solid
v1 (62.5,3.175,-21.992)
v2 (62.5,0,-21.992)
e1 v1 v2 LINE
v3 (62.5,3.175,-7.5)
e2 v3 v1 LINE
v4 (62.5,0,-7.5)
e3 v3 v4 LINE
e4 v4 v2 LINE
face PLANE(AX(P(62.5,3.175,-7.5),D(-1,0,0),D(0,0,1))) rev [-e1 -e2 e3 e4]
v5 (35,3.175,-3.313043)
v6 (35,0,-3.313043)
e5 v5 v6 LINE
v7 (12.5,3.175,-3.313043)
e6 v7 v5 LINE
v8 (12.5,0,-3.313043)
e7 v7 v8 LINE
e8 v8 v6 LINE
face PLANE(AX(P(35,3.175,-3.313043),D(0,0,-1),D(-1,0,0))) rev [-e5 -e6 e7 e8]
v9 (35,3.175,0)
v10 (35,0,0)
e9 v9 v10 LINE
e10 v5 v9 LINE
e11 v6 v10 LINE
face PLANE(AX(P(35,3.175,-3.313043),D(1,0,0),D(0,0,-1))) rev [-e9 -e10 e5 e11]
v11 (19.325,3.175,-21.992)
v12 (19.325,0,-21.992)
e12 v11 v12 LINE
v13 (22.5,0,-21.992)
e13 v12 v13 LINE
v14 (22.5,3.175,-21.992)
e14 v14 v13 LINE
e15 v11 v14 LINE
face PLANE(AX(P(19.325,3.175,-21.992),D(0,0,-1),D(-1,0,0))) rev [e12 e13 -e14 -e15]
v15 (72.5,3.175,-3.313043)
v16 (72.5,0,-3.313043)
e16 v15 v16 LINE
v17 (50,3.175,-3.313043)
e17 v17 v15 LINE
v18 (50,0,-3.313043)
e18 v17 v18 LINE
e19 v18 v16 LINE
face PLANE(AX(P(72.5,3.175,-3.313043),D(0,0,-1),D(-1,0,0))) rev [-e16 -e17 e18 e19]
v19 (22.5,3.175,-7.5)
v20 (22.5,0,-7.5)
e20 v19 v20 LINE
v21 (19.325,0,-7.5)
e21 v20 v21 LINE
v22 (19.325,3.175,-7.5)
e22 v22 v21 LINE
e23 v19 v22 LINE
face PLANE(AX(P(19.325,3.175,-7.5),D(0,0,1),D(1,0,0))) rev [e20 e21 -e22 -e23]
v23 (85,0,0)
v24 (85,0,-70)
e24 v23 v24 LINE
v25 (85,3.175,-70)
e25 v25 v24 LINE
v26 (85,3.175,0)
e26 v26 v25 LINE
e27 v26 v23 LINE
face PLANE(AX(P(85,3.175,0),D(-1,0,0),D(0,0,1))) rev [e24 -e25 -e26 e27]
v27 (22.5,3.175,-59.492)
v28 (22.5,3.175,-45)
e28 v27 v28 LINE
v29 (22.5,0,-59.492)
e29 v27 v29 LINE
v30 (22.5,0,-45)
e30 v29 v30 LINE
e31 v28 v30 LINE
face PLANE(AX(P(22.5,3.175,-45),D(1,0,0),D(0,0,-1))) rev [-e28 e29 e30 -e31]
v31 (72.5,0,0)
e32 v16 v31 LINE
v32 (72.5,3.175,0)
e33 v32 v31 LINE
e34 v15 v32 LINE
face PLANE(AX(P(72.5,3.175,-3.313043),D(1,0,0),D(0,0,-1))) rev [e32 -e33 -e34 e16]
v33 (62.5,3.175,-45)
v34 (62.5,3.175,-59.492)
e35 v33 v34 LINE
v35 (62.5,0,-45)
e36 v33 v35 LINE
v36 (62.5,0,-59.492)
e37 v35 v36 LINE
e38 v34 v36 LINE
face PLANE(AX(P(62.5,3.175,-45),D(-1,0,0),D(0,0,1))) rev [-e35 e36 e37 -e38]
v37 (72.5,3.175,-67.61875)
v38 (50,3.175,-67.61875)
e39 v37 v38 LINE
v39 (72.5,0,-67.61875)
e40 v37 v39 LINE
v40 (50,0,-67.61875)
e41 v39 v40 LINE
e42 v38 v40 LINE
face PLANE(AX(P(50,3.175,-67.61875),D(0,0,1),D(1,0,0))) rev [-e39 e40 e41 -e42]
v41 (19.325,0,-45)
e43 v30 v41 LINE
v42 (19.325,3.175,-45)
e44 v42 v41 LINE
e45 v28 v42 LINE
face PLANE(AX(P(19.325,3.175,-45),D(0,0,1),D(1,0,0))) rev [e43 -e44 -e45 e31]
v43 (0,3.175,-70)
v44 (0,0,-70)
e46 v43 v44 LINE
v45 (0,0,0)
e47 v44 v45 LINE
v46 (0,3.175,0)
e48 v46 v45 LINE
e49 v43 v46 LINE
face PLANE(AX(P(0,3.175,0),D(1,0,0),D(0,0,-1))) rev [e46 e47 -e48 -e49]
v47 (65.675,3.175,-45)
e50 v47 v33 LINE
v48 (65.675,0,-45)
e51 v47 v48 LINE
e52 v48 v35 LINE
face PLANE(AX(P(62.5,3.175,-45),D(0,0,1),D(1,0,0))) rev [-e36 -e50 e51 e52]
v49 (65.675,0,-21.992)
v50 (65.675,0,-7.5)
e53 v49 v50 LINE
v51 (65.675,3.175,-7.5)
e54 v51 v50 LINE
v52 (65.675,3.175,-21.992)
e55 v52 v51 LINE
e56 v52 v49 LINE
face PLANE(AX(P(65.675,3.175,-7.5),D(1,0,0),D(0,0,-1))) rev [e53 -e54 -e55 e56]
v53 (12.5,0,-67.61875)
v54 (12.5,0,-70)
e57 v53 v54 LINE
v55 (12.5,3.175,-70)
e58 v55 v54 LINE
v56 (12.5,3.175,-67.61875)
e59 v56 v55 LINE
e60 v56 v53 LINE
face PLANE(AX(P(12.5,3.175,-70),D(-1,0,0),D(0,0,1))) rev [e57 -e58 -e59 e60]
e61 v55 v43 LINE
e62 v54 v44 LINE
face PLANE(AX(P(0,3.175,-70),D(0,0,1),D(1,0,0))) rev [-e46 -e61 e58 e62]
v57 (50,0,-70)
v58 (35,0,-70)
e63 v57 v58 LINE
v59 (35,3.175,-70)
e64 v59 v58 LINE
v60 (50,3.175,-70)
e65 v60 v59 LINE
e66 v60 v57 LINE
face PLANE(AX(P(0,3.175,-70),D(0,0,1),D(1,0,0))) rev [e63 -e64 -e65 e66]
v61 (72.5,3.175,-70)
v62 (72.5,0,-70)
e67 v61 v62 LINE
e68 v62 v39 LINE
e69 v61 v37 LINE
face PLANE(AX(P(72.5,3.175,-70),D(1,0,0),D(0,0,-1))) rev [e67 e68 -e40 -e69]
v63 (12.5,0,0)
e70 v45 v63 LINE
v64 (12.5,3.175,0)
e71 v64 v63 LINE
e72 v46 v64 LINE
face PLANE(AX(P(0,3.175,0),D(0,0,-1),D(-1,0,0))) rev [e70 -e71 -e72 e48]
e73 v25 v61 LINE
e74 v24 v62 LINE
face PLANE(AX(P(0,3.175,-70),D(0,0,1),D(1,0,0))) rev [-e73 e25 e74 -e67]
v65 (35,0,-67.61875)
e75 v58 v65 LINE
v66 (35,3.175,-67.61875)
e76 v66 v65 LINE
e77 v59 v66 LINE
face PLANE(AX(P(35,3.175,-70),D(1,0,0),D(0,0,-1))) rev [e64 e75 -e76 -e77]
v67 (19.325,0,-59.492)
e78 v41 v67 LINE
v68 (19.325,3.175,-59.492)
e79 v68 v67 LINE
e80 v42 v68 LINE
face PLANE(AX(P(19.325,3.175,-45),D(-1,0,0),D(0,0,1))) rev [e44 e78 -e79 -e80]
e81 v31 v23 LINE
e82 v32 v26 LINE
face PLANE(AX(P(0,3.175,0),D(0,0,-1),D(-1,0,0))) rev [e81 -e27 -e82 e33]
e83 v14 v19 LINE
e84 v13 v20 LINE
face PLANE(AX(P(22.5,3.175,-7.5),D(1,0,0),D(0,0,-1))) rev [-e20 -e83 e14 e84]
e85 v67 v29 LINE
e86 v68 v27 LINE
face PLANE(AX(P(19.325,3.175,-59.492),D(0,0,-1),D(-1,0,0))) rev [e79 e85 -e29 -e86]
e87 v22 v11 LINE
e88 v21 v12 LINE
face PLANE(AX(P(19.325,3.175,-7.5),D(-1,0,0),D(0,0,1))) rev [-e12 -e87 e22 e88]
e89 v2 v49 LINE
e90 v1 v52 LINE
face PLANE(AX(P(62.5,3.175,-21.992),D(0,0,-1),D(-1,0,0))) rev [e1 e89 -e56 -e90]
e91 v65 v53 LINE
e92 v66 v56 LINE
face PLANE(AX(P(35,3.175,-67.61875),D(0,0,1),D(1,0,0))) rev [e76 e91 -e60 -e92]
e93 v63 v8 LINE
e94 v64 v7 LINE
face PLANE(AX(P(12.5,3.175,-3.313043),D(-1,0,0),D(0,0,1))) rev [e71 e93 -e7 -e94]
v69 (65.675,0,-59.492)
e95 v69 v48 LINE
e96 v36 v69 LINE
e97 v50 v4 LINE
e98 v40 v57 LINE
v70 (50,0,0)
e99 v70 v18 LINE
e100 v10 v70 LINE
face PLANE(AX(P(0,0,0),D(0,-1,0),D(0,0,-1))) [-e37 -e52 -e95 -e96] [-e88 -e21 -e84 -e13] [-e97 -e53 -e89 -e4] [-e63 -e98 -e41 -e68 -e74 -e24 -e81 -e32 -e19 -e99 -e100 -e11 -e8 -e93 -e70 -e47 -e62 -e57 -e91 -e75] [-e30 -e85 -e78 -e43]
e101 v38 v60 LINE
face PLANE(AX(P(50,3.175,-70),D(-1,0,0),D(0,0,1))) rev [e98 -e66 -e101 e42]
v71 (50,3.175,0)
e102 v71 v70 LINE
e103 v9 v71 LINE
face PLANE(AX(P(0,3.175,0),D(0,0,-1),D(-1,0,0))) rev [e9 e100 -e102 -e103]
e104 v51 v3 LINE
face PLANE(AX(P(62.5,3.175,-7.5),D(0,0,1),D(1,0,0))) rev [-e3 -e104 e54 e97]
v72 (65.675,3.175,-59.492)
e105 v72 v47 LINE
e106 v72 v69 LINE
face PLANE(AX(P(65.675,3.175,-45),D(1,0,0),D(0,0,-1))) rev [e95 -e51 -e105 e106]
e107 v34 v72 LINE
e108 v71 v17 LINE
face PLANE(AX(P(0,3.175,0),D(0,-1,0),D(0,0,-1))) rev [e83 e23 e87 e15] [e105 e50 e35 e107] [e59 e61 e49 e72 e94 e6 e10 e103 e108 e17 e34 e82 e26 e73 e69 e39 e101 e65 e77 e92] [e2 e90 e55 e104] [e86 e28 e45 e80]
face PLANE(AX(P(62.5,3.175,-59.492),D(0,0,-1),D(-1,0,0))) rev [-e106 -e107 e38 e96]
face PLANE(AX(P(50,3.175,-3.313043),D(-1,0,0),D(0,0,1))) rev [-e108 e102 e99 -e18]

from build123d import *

# Parameters (mm, degrees)
SKETCH1_W           = 85
SKETCH1_H           = 70
BOSS_EXTRUDE1_DEPTH = 3.175
SKETCH2_W           = 3.175
SKETCH2_H           = 14.492
SKETCH2_W_2         = 22.5
SKETCH2_H_2         = 2.38125
SKETCH2_H_3         = 3.313043478
CUT_EXTRUDE1_DEPTH  = 4.175


with BuildPart() as part:
    # Sketch1 → Boss-Extrude1 (new body)
    with BuildSketch(Plane(origin=(0, 0, 0), x_dir=(1, 0, 0), z_dir=(0, 1, 0))):
        with Locations((42.5, 35)):
            Rectangle(SKETCH1_W, SKETCH1_H)
    extrude(amount=BOSS_EXTRUDE1_DEPTH)

    # Sketch2 → Cut-Extrude1 (cut, through all)
    with BuildSketch(Plane.XZ):
        with Locations((20.9125, -14.746)):
            Rectangle(SKETCH2_W, SKETCH2_H)
        with Locations((20.9125, -52.246)):
            Rectangle(SKETCH2_W, SKETCH2_H)
        with Locations((64.0875, -14.746)):
            Rectangle(SKETCH2_W, SKETCH2_H)
        with Locations((64.0875, -52.246)):
            Rectangle(SKETCH2_W, SKETCH2_H)
        with Locations((61.25, -68.809375)):
            Rectangle(SKETCH2_W_2, SKETCH2_H_2)
        with Locations((23.75, -68.809375)):
            Rectangle(SKETCH2_W_2, SKETCH2_H_2)
        with Locations((61.25, -1.656521739)):
            Rectangle(SKETCH2_W_2, SKETCH2_H_3)
        with Locations((23.75, -1.656521739)):
            Rectangle(SKETCH2_W_2, SKETCH2_H_3)
    extrude(amount=-CUT_EXTRUDE1_DEPTH, mode=Mode.SUBTRACT)


solid = part.part
